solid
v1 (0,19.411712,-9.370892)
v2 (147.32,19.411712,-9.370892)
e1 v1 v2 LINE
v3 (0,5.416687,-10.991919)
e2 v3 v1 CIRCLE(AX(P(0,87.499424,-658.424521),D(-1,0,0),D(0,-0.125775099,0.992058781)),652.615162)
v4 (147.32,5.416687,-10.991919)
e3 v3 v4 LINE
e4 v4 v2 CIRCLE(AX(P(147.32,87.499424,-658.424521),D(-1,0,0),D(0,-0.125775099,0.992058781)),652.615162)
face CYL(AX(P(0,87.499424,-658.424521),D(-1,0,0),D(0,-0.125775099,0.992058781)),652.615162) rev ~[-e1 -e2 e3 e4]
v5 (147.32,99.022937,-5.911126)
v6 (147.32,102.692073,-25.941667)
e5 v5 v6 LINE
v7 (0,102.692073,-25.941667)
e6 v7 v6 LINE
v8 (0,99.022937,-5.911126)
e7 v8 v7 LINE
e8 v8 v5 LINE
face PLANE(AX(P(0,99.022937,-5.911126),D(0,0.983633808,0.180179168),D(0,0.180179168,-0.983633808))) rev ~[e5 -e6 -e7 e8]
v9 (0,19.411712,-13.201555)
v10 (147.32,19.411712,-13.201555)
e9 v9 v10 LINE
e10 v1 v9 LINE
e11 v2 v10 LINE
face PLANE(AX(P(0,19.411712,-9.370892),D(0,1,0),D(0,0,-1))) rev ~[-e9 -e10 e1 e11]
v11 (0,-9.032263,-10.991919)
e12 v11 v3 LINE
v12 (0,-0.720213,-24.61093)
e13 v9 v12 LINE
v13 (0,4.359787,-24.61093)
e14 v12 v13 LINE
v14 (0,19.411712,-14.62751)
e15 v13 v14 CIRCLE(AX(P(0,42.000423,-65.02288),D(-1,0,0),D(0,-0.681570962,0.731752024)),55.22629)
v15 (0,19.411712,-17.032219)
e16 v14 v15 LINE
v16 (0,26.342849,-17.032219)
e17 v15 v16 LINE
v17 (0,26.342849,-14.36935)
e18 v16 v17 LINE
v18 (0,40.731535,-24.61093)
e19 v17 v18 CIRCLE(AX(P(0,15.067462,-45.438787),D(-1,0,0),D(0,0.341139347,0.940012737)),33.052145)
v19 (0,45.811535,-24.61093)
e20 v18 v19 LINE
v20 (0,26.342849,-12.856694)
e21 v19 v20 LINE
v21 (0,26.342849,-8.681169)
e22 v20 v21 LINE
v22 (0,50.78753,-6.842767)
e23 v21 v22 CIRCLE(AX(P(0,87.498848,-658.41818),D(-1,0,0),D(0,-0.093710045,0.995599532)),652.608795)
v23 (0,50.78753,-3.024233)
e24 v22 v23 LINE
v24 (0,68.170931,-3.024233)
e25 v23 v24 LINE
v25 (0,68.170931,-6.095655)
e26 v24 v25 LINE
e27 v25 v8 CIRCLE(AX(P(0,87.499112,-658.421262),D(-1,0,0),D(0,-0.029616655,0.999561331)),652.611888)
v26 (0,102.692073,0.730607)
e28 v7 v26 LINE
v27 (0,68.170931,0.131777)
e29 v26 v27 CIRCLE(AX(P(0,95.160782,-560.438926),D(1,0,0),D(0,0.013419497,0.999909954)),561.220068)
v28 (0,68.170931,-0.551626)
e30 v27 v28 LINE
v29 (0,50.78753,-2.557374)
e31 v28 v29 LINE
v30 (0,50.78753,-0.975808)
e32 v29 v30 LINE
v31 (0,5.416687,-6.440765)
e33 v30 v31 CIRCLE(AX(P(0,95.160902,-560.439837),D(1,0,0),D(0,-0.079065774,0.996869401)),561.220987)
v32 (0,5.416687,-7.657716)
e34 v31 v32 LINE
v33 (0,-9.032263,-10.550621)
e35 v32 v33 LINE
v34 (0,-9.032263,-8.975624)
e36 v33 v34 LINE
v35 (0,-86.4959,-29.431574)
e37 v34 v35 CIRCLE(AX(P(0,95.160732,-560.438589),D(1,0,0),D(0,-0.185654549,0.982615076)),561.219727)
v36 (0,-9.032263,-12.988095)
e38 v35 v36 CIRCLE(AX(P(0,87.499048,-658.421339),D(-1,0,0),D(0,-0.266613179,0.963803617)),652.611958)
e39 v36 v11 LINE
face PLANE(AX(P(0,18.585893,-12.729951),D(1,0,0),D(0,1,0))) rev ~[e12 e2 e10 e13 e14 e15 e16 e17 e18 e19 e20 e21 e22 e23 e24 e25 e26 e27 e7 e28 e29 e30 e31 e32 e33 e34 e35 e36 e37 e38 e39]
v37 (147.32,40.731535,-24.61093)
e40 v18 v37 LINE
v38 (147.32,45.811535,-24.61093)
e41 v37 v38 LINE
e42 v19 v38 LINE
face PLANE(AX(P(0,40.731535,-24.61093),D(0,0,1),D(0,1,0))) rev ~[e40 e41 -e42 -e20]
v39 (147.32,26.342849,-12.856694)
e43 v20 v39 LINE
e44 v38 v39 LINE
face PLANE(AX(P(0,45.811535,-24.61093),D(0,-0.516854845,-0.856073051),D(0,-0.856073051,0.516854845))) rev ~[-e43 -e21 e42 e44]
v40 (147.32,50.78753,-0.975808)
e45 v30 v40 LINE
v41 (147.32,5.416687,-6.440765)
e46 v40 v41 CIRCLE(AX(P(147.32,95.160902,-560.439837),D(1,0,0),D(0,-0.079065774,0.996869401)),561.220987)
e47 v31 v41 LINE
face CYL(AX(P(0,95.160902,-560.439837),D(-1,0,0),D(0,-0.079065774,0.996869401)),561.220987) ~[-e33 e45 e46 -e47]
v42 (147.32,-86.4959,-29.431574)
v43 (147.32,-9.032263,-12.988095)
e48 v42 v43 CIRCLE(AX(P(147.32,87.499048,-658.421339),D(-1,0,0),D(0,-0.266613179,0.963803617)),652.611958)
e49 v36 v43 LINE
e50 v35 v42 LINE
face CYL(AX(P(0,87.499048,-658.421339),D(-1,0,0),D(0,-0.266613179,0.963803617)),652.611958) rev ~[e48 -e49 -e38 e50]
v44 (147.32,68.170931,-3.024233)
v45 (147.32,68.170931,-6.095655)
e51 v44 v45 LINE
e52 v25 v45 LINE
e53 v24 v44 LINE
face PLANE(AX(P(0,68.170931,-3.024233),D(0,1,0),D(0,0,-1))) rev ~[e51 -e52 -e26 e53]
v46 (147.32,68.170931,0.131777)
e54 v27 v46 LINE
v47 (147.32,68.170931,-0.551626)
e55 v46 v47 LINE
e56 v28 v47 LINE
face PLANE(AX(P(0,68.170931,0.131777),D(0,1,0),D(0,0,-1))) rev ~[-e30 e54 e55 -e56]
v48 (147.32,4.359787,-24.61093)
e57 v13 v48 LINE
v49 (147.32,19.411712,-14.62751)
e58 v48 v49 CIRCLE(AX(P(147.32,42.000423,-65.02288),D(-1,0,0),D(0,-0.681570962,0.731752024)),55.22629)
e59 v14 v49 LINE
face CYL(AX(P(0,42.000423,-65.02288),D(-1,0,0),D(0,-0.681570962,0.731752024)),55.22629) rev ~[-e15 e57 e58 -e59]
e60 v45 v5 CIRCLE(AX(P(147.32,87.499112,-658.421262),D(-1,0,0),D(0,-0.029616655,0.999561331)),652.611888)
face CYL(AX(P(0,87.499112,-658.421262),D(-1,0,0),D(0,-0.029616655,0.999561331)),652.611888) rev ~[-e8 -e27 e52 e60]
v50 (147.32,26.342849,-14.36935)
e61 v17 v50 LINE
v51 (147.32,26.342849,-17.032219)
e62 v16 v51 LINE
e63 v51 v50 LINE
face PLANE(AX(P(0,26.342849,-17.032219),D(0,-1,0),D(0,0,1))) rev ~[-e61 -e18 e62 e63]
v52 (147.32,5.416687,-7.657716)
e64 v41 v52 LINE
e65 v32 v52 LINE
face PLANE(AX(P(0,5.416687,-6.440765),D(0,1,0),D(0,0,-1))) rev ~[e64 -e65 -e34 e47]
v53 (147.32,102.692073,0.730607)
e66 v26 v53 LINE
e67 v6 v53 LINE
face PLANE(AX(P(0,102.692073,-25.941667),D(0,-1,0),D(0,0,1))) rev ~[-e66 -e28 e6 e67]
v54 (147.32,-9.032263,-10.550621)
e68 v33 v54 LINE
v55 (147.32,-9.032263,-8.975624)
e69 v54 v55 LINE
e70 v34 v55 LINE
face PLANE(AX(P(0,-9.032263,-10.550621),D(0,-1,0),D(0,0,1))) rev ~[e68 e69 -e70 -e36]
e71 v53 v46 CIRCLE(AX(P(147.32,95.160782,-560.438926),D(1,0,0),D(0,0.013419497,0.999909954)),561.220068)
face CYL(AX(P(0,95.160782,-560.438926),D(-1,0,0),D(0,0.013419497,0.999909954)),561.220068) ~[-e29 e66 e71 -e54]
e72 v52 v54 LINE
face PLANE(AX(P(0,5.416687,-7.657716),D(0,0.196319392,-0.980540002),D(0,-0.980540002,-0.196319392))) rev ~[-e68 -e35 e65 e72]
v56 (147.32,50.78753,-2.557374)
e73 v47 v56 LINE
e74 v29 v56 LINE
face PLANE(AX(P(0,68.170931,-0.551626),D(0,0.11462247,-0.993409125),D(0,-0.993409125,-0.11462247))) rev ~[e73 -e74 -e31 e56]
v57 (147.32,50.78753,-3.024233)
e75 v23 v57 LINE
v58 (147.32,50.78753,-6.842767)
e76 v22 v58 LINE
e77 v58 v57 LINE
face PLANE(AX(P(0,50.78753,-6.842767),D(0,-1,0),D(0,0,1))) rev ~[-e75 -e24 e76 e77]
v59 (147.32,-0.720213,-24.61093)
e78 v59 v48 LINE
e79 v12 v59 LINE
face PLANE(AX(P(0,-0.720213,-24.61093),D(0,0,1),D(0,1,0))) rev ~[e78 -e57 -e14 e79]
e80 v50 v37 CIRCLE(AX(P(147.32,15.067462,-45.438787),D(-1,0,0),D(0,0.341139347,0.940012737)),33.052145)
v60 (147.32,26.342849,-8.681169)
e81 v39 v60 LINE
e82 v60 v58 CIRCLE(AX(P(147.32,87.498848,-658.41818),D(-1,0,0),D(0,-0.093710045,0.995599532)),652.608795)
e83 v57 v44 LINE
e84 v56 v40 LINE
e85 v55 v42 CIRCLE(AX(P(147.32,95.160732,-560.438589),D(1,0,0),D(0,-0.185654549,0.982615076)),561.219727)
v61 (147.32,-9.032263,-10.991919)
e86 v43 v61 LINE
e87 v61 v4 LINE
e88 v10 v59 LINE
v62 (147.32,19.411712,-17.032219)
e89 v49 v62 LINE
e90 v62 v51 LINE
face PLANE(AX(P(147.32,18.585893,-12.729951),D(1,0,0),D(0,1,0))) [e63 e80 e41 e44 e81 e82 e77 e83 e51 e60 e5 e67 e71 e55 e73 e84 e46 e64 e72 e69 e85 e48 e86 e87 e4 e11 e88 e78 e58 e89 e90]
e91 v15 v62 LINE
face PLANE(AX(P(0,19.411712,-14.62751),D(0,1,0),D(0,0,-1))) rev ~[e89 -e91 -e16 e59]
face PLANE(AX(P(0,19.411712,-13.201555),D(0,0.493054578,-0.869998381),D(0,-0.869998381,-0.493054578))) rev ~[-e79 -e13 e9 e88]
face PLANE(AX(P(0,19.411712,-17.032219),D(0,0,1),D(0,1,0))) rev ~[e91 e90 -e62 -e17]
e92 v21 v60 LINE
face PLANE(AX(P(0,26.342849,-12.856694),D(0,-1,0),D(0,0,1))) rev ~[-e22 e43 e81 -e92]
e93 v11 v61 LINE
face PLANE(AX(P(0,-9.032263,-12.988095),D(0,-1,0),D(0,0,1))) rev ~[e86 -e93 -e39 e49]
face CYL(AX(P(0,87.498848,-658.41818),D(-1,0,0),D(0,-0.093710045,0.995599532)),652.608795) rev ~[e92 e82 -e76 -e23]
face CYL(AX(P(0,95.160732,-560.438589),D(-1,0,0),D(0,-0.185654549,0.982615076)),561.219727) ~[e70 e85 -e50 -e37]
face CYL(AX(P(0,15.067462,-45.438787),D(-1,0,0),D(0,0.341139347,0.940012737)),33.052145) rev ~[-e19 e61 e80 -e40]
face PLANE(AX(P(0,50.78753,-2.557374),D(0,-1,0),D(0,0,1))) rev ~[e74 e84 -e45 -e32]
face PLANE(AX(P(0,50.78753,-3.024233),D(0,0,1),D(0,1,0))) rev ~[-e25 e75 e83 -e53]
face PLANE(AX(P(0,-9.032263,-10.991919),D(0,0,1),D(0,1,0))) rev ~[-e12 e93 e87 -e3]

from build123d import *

# Parameters (mm, degrees)
F1_DEPTH = 147.32


with BuildPart() as f1:
    # F0 (on Right) → F1 (new body)
    with BuildSketch(Plane.YZ):
        with BuildLine():
            Line((102.692073, -25.941667), (102.692073, 0.730607))
            ThreePointArc((102.692073, 0.730607), (85.426896, 0.696723), (68.170931, 0.131777))
            Line((68.170931, 0.131777), (68.170931, -0.551626))
            Line((68.170931, -0.551626), (50.78753, -2.557374))
            Line((50.78753, -2.557374), (50.78753, -0.975808))
            ThreePointArc((50.78753, -0.975808), (28.046461, -3.246291), (5.416687, -6.440765))
            Line((5.416687, -6.440765), (5.416687, -7.657716))
            Line((5.416687, -7.657716), (-9.032263, -10.550621))
            Line((-9.032263, -10.550621), (-9.032263, -8.975624))
            ThreePointArc((-9.032263, -8.975624), (-48.129581, -17.819507), (-86.4959, -29.431574))
            ThreePointArc((-86.4959, -29.431574), (-48.013724, -20.033796), (-9.032263, -12.988095))
            Line((-9.032263, -12.988095), (-9.032263, -10.991919))
            Line((-9.032263, -10.991919), (5.416687, -10.991919))
            ThreePointArc((5.416687, -10.991919), (12.409825, -10.143639), (19.411712, -9.370892))
            Line((19.411712, -9.370892), (19.411712, -13.201555))
            Line((19.411712, -13.201555), (-0.720213, -24.61093))
            Line((-0.720213, -24.61093), (4.359787, -24.61093))
            ThreePointArc((4.359787, -24.61093), (11.474848, -18.999707), (19.411712, -14.62751))
            Line((19.411712, -14.62751), (19.411712, -17.032219))
            Line((19.411712, -17.032219), (26.342849, -17.032219))
            Line((26.342849, -17.032219), (26.342849, -14.36935))
            ThreePointArc((26.342849, -14.36935), (34.233928, -18.511276), (40.731535, -24.61093))
            Line((40.731535, -24.61093), (45.811535, -24.61093))
            Line((45.811535, -24.61093), (26.342849, -12.856694))
            Line((26.342849, -12.856694), (26.342849, -8.681169))
            ThreePointArc((26.342849, -8.681169), (38.556557, -7.647182), (50.78753, -6.842767))
            Line((50.78753, -6.842767), (50.78753, -3.024233))
            Line((50.78753, -3.024233), (68.170931, -3.024233))
            Line((68.170931, -3.024233), (68.170931, -6.095655))
            ThreePointArc((68.170931, -6.095655), (83.595843, -5.821047), (99.022937, -5.911126))
            Line((99.022937, -5.911126), (102.692073, -25.941667))
        make_face()
    extrude(amount=F1_DEPTH)


solid = f1.part
